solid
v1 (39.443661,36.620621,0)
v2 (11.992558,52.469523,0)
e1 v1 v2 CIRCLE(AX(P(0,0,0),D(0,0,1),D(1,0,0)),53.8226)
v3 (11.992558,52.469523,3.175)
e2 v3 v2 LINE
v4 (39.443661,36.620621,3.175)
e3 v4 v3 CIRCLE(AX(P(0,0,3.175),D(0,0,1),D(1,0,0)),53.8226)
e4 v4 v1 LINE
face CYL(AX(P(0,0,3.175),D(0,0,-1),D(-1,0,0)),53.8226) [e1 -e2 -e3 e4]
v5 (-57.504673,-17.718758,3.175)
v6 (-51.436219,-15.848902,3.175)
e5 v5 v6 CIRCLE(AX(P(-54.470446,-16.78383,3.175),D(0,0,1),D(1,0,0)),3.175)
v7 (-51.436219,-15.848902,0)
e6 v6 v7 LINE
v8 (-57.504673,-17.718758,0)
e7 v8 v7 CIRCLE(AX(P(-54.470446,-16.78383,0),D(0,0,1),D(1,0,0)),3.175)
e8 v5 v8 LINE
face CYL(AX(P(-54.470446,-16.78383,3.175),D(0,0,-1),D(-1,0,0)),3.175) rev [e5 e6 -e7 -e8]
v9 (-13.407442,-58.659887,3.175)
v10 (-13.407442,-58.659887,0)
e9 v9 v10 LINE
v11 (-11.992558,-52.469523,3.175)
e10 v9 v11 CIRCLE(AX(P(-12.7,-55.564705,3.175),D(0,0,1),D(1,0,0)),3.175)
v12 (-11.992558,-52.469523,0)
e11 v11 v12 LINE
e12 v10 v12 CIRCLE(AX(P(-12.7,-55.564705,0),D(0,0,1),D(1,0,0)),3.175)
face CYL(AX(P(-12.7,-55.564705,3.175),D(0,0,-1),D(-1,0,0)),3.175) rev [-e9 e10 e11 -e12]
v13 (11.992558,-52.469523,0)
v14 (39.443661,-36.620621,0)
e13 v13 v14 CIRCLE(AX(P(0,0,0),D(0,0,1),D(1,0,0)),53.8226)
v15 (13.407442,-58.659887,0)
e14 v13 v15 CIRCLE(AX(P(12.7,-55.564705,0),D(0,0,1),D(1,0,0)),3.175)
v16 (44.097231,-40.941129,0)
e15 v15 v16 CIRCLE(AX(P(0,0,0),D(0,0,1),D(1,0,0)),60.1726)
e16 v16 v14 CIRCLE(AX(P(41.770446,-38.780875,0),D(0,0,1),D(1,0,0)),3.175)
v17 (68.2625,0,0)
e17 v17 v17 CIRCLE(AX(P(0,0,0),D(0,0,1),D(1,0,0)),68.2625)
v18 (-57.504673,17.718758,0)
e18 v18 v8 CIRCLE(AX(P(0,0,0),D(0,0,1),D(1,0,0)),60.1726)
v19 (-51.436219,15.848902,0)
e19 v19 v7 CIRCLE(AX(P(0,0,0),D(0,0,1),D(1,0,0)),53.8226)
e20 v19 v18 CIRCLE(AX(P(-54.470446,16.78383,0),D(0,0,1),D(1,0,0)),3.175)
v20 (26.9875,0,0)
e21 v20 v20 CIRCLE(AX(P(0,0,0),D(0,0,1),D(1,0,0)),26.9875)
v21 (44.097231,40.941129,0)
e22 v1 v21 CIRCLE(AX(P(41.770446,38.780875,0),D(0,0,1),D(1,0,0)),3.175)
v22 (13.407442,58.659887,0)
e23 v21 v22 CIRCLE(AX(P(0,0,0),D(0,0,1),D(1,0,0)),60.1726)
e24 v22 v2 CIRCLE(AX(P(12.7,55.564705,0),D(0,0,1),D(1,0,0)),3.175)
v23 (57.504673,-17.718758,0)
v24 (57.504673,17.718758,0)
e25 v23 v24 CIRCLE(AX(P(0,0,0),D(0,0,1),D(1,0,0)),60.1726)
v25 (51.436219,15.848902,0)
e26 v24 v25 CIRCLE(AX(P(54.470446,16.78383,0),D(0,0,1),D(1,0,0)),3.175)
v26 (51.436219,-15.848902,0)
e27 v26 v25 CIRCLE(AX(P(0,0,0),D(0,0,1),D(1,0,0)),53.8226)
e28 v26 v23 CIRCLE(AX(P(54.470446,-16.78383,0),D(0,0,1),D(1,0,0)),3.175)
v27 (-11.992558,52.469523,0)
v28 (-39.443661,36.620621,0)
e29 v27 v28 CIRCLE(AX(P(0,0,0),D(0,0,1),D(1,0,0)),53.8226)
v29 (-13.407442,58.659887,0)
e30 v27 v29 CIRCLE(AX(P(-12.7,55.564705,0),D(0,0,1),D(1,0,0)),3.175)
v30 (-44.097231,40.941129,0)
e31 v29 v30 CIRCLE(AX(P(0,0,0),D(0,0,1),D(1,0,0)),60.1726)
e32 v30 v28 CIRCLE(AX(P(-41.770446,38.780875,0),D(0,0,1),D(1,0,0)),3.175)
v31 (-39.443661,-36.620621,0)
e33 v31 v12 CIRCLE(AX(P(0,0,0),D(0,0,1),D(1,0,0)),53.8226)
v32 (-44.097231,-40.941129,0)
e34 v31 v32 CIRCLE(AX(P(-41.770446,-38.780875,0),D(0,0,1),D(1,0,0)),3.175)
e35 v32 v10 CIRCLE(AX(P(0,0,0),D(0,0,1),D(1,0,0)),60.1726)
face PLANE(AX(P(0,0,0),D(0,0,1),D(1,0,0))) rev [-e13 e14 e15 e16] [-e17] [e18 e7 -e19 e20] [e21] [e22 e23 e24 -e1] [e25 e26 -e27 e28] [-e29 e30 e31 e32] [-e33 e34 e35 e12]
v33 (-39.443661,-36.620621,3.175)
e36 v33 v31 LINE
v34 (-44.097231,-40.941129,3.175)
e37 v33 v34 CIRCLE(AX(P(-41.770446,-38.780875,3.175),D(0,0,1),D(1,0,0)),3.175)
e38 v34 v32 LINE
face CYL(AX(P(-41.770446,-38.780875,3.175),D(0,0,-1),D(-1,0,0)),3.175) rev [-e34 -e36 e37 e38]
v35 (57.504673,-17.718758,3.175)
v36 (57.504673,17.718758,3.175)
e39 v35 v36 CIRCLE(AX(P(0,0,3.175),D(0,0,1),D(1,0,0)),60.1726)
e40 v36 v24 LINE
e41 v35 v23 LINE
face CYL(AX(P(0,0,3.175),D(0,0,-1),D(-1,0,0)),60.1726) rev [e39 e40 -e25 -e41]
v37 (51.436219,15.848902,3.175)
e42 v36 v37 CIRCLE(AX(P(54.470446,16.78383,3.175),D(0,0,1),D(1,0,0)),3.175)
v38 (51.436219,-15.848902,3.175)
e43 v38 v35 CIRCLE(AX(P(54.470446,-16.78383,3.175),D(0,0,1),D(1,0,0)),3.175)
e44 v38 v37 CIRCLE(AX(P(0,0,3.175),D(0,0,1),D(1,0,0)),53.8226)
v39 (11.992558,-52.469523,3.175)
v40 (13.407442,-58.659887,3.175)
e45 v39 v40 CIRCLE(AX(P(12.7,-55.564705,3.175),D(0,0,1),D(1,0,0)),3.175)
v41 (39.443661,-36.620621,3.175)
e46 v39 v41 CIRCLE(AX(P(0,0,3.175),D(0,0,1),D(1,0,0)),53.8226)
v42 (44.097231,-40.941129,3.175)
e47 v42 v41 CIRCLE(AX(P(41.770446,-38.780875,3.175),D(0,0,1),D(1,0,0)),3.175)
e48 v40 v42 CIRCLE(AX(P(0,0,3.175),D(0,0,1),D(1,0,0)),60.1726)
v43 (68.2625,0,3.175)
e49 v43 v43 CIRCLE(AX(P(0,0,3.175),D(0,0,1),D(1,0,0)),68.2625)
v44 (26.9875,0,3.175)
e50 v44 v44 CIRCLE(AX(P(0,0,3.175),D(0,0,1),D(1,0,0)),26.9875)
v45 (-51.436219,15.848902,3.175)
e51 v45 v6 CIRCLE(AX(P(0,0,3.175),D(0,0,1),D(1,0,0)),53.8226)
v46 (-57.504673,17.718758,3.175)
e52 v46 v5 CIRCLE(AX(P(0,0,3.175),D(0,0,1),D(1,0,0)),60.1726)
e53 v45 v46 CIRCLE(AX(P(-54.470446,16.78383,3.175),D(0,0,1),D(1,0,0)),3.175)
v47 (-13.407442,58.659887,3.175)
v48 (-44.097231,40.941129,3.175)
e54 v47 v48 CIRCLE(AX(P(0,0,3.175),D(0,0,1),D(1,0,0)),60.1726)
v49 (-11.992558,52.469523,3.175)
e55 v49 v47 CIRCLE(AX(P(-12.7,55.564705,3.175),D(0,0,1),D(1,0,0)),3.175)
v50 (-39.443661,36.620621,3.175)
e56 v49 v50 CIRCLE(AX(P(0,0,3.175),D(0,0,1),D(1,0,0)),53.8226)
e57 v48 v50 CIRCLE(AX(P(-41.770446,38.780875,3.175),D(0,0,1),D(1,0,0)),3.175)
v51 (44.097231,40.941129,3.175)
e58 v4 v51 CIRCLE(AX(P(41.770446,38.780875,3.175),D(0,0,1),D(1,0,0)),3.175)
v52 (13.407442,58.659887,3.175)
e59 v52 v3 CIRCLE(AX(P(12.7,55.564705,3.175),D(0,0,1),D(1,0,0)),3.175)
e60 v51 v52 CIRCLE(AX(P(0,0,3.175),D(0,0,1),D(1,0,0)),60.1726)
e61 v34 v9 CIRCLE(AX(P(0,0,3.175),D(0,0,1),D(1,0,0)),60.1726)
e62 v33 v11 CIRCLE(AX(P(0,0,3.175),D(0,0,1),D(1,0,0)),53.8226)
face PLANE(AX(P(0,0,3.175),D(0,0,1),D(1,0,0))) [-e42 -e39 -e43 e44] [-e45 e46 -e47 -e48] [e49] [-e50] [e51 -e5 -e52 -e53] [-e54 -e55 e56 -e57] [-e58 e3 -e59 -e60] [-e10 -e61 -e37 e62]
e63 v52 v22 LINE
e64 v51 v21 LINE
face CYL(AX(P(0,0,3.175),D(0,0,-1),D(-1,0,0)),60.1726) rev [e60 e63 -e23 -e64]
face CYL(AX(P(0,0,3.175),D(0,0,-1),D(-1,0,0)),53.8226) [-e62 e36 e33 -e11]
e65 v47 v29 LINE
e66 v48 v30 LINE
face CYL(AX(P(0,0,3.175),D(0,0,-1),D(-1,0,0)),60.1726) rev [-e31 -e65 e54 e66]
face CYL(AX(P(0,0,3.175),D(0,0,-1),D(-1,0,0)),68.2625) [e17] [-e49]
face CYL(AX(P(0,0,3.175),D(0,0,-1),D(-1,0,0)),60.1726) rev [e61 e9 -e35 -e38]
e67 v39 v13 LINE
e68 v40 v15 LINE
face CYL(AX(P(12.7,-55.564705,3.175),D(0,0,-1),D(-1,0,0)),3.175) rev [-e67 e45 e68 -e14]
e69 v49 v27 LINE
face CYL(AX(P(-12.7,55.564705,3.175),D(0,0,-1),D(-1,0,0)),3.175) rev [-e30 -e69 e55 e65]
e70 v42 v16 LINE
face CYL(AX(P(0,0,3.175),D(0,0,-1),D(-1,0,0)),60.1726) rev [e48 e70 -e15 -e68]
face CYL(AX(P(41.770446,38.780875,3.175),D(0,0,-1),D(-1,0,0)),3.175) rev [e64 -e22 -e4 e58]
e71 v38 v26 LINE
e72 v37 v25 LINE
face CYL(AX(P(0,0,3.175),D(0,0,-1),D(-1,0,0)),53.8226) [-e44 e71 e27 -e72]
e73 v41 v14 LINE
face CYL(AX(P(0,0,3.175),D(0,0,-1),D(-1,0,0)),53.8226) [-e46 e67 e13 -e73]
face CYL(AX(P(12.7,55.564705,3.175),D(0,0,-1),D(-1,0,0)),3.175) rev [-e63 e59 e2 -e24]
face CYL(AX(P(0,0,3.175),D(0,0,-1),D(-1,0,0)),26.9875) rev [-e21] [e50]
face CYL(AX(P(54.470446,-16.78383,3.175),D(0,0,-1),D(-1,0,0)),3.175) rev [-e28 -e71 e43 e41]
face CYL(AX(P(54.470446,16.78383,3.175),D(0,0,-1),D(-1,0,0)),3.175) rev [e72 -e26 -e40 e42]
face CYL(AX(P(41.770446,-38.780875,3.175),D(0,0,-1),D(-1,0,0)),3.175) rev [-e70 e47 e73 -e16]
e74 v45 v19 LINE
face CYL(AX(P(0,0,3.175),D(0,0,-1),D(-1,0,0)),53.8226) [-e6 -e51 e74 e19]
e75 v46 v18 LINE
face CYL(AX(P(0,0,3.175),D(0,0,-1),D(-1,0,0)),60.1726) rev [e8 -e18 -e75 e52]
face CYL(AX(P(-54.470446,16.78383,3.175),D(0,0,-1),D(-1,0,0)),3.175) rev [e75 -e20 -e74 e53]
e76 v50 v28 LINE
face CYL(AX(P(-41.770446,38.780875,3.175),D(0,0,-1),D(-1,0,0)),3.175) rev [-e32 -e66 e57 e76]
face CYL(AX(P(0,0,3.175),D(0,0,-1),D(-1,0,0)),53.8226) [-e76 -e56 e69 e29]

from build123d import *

# Parameters (mm, degrees)
SKETCH1_R           = 68.2625
SKETCH1_R_2         = 26.9875
BOSS_EXTRUDE1_DEPTH = 3.175


with BuildPart() as part:
    # Sketch1 → Boss-Extrude1 (new body)
    with BuildSketch(Plane.XY):
        Circle(SKETCH1_R)
        Circle(SKETCH1_R_2, mode=Mode.SUBTRACT)
        with BuildLine():
            ThreePointArc((-13.407442068, 58.659886532), (-30.0863, 52.111000212), (-44.097230886, 40.941128696))
            ThreePointArc((-44.097230886, 40.941128696), (-43.930699534, 36.454089884), (-39.443660721, 36.620621236))
            ThreePointArc((-39.443660721, 36.620621236), (-26.9113, 46.611738898), (-11.992557932, 52.46952282))
            ThreePointArc((-11.992557932, 52.46952282), (-9.604818144, 56.272146744), (-13.407442068, 58.659886532))
        make_face(mode=Mode.SUBTRACT)
        with BuildLine():
            ThreePointArc((39.443660721, 36.620621236), (26.9113, 46.611738898), (11.992557932, 52.46952282))
            ThreePointArc((11.992557932, 52.46952282), (9.604818144, 56.272146744), (13.407442068, 58.659886532))
            ThreePointArc((13.407442068, 58.659886532), (30.0863, 52.111000212), (44.097230886, 40.941128696))
            ThreePointArc((44.097230886, 40.941128696), (43.930699534, 36.454089884), (39.443660721, 36.620621236))
        make_face(mode=Mode.SUBTRACT)
        with BuildLine():
            ThreePointArc((51.436218653, -15.848901585), (53.8226, 0), (51.436218653, 15.848901585))
            ThreePointArc((51.436218653, 15.848901585), (53.535517678, 19.81805686), (57.504672954, 17.718757836))
            ThreePointArc((57.504672954, 17.718757836), (60.1726, 0), (57.504672954, -17.718757836))
            ThreePointArc((57.504672954, -17.718757836), (53.535517678, -19.81805686), (51.436218653, -15.848901585))
        make_face(mode=Mode.SUBTRACT)
        with BuildLine():
            ThreePointArc((11.992557932, -52.46952282), (26.9113, -46.611738898), (39.443660721, -36.620621236))
            ThreePointArc((39.443660721, -36.620621236), (43.930699534, -36.454089884), (44.097230886, -40.941128696))
            ThreePointArc((44.097230886, -40.941128696), (30.0863, -52.111000212), (13.407442068, -58.659886532))
            ThreePointArc((13.407442068, -58.659886532), (9.604818144, -56.272146744), (11.992557932, -52.46952282))
        make_face(mode=Mode.SUBTRACT)
        with BuildLine():
            ThreePointArc((-39.443660721, -36.620621236), (-26.9113, -46.611738898), (-11.992557932, -52.46952282))
            ThreePointArc((-11.992557932, -52.46952282), (-9.604818144, -56.272146744), (-13.407442068, -58.659886532))
            ThreePointArc((-13.407442068, -58.659886532), (-30.0863, -52.111000212), (-44.097230886, -40.941128696))
            ThreePointArc((-44.097230886, -40.941128696), (-43.930699534, -36.454089884), (-39.443660721, -36.620621236))
        make_face(mode=Mode.SUBTRACT)
        with BuildLine():
            ThreePointArc((-51.436218653, 15.848901585), (-53.8226, 0), (-51.436218653, -15.848901585))
            ThreePointArc((-51.436218653, -15.848901585), (-53.535517678, -19.81805686), (-57.504672954, -17.718757836))
            ThreePointArc((-57.504672954, -17.718757836), (-60.1726, 0), (-57.504672954, 17.718757836))
            ThreePointArc((-57.504672954, 17.718757836), (-53.535517678, 19.81805686), (-51.436218653, 15.848901585))
        make_face(mode=Mode.SUBTRACT)
    extrude(amount=BOSS_EXTRUDE1_DEPTH)


solid = part.part
